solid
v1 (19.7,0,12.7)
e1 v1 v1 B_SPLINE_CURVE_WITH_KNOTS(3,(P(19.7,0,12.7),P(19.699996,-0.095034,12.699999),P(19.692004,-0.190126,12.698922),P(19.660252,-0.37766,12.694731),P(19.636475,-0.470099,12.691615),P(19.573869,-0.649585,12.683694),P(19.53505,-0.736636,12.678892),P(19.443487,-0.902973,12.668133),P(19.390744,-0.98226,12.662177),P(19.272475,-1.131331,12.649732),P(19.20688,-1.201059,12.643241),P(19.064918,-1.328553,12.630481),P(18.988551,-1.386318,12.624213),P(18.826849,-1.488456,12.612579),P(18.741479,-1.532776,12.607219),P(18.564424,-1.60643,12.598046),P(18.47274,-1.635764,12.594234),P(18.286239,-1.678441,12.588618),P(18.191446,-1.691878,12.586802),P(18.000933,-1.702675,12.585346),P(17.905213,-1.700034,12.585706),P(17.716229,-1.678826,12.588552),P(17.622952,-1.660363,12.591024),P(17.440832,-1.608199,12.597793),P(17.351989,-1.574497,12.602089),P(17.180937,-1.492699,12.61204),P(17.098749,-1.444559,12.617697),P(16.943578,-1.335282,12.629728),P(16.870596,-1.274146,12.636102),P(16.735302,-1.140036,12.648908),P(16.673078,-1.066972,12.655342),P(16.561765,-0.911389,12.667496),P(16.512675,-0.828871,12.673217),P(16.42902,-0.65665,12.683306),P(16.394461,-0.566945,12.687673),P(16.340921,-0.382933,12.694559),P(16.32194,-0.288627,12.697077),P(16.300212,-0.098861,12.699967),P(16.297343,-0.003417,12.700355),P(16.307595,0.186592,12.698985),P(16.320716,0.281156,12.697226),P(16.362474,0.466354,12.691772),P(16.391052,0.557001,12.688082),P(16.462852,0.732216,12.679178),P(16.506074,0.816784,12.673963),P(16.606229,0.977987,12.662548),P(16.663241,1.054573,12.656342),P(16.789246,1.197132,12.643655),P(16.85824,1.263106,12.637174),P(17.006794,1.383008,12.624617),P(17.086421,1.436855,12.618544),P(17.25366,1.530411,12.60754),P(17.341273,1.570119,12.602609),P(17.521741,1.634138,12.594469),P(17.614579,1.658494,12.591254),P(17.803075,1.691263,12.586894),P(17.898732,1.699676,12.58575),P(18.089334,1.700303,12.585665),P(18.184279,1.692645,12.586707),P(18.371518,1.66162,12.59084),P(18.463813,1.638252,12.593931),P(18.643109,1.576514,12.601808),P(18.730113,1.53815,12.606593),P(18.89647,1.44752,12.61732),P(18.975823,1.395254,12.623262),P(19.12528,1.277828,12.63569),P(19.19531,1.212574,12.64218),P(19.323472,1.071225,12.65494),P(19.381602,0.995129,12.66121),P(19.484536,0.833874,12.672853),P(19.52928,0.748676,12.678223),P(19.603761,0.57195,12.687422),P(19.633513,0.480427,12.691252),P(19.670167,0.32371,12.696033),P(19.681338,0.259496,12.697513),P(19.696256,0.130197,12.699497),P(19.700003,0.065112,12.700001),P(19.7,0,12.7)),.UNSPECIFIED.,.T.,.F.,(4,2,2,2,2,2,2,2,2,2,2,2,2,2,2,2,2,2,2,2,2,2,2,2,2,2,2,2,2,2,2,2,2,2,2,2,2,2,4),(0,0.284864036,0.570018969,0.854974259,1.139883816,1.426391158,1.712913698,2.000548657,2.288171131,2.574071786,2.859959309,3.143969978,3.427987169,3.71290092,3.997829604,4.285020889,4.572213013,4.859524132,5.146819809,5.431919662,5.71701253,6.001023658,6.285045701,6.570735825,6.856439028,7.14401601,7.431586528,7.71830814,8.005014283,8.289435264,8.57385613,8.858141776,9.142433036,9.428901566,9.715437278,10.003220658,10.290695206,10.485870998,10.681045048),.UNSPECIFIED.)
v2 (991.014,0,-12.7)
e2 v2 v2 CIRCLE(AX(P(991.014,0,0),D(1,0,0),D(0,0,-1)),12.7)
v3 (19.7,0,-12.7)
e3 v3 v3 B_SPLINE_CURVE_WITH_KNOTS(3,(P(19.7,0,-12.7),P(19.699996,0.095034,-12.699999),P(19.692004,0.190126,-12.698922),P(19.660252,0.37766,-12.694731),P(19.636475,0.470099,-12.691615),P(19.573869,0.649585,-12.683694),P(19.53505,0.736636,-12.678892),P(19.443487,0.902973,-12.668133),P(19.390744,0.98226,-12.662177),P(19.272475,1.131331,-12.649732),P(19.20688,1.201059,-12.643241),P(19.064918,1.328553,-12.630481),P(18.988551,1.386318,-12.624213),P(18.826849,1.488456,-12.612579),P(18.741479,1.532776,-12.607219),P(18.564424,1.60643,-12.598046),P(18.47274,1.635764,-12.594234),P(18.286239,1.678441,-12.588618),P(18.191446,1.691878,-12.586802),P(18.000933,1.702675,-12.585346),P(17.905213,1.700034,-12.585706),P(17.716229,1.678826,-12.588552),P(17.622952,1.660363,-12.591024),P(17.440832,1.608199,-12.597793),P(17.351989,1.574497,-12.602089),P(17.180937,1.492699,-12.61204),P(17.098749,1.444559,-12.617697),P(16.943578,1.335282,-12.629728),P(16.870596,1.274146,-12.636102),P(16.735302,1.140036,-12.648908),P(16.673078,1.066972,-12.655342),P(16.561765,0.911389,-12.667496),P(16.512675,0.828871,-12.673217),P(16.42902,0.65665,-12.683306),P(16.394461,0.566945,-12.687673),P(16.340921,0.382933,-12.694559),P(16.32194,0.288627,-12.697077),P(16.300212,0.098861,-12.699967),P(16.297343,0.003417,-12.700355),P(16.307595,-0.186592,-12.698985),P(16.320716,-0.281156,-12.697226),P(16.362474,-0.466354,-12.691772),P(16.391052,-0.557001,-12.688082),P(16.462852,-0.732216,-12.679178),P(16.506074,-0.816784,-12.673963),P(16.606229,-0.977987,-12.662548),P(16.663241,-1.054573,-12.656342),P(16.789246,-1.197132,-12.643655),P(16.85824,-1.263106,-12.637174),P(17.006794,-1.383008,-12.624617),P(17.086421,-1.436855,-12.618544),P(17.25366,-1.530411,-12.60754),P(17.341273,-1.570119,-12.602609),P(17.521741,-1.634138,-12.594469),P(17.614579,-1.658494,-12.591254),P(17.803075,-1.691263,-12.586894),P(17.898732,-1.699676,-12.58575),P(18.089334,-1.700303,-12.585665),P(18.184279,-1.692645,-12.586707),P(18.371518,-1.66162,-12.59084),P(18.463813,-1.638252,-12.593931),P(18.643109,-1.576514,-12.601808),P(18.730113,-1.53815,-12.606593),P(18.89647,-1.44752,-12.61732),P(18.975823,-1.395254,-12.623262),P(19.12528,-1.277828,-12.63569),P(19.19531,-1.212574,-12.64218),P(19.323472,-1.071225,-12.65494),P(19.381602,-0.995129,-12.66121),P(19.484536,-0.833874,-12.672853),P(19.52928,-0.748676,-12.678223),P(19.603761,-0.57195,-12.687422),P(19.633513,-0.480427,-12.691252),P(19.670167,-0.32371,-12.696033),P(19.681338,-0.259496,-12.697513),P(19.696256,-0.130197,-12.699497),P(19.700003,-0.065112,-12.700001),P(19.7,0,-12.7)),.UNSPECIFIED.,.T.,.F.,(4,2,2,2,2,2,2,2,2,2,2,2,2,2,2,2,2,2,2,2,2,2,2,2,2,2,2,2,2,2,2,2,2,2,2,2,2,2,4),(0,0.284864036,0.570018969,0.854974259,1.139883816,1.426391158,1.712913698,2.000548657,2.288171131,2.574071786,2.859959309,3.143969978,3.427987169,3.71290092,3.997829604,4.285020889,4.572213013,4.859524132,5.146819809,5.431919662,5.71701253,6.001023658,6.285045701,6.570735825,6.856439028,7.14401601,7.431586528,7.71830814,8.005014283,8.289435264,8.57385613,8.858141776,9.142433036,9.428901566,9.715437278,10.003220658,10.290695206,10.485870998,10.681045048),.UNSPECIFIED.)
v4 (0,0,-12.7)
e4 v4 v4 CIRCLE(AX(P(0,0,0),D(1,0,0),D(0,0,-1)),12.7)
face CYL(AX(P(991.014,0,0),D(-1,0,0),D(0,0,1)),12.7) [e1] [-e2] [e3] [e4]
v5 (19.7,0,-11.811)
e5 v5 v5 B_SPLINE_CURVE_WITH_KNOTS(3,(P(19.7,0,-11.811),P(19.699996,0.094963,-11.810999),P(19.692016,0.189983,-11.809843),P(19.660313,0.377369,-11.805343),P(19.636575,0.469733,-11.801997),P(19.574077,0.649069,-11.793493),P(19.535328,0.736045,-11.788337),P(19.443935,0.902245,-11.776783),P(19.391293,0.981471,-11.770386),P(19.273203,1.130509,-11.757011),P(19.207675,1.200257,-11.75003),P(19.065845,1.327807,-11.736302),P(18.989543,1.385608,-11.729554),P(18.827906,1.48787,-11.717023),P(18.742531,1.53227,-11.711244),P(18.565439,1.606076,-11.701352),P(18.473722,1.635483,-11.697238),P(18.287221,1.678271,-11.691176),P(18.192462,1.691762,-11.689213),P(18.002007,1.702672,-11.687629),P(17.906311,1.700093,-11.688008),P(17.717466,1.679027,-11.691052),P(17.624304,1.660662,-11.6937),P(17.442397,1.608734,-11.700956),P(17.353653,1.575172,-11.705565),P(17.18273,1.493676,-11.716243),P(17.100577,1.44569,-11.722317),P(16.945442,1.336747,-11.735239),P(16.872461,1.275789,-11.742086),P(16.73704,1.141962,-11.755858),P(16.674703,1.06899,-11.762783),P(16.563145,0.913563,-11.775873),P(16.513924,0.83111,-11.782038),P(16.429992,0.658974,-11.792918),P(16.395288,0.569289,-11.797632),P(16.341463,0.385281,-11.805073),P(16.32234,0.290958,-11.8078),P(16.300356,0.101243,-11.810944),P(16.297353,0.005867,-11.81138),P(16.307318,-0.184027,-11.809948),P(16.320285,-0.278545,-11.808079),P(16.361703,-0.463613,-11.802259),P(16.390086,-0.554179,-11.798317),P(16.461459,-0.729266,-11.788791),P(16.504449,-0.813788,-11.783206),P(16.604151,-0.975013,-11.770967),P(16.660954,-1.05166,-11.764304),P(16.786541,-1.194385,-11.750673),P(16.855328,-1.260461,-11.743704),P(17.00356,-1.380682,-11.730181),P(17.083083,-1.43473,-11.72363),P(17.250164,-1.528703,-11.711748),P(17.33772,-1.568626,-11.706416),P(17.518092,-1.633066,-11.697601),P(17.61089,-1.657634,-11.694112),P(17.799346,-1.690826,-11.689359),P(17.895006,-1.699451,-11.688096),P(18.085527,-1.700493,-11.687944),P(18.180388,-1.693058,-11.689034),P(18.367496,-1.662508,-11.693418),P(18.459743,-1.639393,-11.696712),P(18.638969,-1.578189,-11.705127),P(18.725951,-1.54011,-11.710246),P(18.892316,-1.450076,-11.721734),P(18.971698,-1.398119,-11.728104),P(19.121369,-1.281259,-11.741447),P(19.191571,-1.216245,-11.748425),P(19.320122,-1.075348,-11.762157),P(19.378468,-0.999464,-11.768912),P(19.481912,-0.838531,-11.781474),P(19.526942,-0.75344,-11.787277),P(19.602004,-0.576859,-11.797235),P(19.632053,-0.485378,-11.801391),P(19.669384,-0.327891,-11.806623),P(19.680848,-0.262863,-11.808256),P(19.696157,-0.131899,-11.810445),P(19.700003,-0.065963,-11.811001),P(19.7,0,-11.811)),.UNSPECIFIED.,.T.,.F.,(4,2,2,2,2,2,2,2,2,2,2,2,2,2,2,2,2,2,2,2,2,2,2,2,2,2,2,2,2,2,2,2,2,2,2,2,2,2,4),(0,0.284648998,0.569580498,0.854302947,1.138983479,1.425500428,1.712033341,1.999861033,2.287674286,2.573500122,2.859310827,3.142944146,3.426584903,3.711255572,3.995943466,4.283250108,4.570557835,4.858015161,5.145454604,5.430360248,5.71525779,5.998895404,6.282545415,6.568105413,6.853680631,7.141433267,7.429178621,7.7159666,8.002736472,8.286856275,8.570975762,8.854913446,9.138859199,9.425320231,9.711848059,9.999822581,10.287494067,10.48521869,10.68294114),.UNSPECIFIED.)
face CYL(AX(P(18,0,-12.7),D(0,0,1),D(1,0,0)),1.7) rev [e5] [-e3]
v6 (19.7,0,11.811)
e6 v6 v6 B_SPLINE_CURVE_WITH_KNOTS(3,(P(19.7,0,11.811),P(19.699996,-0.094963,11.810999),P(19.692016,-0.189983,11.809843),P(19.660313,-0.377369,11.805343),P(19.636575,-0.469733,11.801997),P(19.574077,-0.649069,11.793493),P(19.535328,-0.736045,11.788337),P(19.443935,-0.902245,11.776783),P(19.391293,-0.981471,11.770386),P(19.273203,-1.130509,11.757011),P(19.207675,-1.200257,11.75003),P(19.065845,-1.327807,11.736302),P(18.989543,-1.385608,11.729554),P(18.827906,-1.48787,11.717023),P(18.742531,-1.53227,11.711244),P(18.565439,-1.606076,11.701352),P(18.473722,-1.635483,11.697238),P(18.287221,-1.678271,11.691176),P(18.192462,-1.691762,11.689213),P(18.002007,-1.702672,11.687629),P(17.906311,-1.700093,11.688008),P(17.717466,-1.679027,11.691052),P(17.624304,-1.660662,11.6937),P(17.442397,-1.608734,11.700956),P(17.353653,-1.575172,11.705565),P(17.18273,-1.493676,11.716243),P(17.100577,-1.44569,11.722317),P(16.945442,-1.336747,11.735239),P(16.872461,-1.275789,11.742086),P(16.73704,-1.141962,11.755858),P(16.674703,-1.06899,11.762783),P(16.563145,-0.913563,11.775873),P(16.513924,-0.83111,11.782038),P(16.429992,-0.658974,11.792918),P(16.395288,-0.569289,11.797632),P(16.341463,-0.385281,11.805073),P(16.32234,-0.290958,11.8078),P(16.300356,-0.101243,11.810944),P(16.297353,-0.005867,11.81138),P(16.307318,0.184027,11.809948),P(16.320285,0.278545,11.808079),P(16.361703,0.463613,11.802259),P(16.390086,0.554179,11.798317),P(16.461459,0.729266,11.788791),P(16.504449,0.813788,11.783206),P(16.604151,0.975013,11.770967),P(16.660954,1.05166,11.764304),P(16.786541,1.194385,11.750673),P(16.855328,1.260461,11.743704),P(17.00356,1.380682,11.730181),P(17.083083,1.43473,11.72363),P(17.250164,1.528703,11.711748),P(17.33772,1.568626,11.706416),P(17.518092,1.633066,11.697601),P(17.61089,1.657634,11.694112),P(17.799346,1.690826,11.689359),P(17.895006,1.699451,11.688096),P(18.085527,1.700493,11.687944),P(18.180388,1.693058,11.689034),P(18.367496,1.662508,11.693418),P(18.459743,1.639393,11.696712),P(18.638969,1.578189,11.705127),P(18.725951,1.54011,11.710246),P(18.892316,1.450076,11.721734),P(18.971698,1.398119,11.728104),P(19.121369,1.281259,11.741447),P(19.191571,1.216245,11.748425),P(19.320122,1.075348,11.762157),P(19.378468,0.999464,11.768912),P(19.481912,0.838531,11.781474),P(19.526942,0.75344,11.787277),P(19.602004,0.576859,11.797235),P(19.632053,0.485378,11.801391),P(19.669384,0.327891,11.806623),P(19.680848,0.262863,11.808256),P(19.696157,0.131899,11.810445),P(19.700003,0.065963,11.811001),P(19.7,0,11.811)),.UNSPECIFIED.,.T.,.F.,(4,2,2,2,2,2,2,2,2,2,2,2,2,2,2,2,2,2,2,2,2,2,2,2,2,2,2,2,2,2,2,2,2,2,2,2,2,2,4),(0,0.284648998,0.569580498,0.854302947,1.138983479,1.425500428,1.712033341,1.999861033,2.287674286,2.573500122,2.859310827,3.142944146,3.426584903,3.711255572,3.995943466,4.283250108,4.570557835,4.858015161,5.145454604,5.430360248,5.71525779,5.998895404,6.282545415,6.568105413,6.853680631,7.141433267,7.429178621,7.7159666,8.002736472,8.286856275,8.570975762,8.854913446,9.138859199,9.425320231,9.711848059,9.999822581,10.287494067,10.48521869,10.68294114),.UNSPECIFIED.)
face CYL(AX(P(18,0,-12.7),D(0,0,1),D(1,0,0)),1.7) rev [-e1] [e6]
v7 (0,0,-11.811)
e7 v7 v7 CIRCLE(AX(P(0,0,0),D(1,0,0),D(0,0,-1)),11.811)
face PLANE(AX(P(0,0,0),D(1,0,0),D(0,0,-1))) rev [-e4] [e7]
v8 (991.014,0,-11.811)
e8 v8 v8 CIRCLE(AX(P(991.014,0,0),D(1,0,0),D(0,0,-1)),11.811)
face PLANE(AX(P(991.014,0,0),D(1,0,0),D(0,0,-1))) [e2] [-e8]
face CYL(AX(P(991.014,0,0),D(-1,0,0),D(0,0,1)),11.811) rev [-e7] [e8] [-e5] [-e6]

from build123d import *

# Parameters (mm, degrees)
SKETCH1_R               = 12.7
SKETCH1_R_2             = 11.811
BOSS_EXTRUDE1_DEPTH     = 991.014
CUT_EXTRUDE1_DEPTH      = 992.176739132
CUT_EXTRUDE1_DEPTH_BACK = 992.176739132
SKETCH2_R               = 1.7


with BuildPart() as part:
    # Sketch1 → Boss-Extrude1 (new body)
    with BuildSketch(Plane(origin=(0, 0, 0), x_dir=(0, 0, -1), z_dir=(1, 0, 0))):
        Circle(SKETCH1_R)
        Circle(SKETCH1_R_2, mode=Mode.SUBTRACT)
    extrude(amount=BOSS_EXTRUDE1_DEPTH)

    # Sketch2 → Cut-Extrude1 (cut, two sides: drawn at the far end of the back side and taken through both)
    with BuildSketch(Plane.XY.offset(-CUT_EXTRUDE1_DEPTH_BACK)):
        with Locations((18, 0)):
            Circle(SKETCH2_R)
    extrude(amount=CUT_EXTRUDE1_DEPTH + CUT_EXTRUDE1_DEPTH_BACK, mode=Mode.SUBTRACT)


solid = part.part
